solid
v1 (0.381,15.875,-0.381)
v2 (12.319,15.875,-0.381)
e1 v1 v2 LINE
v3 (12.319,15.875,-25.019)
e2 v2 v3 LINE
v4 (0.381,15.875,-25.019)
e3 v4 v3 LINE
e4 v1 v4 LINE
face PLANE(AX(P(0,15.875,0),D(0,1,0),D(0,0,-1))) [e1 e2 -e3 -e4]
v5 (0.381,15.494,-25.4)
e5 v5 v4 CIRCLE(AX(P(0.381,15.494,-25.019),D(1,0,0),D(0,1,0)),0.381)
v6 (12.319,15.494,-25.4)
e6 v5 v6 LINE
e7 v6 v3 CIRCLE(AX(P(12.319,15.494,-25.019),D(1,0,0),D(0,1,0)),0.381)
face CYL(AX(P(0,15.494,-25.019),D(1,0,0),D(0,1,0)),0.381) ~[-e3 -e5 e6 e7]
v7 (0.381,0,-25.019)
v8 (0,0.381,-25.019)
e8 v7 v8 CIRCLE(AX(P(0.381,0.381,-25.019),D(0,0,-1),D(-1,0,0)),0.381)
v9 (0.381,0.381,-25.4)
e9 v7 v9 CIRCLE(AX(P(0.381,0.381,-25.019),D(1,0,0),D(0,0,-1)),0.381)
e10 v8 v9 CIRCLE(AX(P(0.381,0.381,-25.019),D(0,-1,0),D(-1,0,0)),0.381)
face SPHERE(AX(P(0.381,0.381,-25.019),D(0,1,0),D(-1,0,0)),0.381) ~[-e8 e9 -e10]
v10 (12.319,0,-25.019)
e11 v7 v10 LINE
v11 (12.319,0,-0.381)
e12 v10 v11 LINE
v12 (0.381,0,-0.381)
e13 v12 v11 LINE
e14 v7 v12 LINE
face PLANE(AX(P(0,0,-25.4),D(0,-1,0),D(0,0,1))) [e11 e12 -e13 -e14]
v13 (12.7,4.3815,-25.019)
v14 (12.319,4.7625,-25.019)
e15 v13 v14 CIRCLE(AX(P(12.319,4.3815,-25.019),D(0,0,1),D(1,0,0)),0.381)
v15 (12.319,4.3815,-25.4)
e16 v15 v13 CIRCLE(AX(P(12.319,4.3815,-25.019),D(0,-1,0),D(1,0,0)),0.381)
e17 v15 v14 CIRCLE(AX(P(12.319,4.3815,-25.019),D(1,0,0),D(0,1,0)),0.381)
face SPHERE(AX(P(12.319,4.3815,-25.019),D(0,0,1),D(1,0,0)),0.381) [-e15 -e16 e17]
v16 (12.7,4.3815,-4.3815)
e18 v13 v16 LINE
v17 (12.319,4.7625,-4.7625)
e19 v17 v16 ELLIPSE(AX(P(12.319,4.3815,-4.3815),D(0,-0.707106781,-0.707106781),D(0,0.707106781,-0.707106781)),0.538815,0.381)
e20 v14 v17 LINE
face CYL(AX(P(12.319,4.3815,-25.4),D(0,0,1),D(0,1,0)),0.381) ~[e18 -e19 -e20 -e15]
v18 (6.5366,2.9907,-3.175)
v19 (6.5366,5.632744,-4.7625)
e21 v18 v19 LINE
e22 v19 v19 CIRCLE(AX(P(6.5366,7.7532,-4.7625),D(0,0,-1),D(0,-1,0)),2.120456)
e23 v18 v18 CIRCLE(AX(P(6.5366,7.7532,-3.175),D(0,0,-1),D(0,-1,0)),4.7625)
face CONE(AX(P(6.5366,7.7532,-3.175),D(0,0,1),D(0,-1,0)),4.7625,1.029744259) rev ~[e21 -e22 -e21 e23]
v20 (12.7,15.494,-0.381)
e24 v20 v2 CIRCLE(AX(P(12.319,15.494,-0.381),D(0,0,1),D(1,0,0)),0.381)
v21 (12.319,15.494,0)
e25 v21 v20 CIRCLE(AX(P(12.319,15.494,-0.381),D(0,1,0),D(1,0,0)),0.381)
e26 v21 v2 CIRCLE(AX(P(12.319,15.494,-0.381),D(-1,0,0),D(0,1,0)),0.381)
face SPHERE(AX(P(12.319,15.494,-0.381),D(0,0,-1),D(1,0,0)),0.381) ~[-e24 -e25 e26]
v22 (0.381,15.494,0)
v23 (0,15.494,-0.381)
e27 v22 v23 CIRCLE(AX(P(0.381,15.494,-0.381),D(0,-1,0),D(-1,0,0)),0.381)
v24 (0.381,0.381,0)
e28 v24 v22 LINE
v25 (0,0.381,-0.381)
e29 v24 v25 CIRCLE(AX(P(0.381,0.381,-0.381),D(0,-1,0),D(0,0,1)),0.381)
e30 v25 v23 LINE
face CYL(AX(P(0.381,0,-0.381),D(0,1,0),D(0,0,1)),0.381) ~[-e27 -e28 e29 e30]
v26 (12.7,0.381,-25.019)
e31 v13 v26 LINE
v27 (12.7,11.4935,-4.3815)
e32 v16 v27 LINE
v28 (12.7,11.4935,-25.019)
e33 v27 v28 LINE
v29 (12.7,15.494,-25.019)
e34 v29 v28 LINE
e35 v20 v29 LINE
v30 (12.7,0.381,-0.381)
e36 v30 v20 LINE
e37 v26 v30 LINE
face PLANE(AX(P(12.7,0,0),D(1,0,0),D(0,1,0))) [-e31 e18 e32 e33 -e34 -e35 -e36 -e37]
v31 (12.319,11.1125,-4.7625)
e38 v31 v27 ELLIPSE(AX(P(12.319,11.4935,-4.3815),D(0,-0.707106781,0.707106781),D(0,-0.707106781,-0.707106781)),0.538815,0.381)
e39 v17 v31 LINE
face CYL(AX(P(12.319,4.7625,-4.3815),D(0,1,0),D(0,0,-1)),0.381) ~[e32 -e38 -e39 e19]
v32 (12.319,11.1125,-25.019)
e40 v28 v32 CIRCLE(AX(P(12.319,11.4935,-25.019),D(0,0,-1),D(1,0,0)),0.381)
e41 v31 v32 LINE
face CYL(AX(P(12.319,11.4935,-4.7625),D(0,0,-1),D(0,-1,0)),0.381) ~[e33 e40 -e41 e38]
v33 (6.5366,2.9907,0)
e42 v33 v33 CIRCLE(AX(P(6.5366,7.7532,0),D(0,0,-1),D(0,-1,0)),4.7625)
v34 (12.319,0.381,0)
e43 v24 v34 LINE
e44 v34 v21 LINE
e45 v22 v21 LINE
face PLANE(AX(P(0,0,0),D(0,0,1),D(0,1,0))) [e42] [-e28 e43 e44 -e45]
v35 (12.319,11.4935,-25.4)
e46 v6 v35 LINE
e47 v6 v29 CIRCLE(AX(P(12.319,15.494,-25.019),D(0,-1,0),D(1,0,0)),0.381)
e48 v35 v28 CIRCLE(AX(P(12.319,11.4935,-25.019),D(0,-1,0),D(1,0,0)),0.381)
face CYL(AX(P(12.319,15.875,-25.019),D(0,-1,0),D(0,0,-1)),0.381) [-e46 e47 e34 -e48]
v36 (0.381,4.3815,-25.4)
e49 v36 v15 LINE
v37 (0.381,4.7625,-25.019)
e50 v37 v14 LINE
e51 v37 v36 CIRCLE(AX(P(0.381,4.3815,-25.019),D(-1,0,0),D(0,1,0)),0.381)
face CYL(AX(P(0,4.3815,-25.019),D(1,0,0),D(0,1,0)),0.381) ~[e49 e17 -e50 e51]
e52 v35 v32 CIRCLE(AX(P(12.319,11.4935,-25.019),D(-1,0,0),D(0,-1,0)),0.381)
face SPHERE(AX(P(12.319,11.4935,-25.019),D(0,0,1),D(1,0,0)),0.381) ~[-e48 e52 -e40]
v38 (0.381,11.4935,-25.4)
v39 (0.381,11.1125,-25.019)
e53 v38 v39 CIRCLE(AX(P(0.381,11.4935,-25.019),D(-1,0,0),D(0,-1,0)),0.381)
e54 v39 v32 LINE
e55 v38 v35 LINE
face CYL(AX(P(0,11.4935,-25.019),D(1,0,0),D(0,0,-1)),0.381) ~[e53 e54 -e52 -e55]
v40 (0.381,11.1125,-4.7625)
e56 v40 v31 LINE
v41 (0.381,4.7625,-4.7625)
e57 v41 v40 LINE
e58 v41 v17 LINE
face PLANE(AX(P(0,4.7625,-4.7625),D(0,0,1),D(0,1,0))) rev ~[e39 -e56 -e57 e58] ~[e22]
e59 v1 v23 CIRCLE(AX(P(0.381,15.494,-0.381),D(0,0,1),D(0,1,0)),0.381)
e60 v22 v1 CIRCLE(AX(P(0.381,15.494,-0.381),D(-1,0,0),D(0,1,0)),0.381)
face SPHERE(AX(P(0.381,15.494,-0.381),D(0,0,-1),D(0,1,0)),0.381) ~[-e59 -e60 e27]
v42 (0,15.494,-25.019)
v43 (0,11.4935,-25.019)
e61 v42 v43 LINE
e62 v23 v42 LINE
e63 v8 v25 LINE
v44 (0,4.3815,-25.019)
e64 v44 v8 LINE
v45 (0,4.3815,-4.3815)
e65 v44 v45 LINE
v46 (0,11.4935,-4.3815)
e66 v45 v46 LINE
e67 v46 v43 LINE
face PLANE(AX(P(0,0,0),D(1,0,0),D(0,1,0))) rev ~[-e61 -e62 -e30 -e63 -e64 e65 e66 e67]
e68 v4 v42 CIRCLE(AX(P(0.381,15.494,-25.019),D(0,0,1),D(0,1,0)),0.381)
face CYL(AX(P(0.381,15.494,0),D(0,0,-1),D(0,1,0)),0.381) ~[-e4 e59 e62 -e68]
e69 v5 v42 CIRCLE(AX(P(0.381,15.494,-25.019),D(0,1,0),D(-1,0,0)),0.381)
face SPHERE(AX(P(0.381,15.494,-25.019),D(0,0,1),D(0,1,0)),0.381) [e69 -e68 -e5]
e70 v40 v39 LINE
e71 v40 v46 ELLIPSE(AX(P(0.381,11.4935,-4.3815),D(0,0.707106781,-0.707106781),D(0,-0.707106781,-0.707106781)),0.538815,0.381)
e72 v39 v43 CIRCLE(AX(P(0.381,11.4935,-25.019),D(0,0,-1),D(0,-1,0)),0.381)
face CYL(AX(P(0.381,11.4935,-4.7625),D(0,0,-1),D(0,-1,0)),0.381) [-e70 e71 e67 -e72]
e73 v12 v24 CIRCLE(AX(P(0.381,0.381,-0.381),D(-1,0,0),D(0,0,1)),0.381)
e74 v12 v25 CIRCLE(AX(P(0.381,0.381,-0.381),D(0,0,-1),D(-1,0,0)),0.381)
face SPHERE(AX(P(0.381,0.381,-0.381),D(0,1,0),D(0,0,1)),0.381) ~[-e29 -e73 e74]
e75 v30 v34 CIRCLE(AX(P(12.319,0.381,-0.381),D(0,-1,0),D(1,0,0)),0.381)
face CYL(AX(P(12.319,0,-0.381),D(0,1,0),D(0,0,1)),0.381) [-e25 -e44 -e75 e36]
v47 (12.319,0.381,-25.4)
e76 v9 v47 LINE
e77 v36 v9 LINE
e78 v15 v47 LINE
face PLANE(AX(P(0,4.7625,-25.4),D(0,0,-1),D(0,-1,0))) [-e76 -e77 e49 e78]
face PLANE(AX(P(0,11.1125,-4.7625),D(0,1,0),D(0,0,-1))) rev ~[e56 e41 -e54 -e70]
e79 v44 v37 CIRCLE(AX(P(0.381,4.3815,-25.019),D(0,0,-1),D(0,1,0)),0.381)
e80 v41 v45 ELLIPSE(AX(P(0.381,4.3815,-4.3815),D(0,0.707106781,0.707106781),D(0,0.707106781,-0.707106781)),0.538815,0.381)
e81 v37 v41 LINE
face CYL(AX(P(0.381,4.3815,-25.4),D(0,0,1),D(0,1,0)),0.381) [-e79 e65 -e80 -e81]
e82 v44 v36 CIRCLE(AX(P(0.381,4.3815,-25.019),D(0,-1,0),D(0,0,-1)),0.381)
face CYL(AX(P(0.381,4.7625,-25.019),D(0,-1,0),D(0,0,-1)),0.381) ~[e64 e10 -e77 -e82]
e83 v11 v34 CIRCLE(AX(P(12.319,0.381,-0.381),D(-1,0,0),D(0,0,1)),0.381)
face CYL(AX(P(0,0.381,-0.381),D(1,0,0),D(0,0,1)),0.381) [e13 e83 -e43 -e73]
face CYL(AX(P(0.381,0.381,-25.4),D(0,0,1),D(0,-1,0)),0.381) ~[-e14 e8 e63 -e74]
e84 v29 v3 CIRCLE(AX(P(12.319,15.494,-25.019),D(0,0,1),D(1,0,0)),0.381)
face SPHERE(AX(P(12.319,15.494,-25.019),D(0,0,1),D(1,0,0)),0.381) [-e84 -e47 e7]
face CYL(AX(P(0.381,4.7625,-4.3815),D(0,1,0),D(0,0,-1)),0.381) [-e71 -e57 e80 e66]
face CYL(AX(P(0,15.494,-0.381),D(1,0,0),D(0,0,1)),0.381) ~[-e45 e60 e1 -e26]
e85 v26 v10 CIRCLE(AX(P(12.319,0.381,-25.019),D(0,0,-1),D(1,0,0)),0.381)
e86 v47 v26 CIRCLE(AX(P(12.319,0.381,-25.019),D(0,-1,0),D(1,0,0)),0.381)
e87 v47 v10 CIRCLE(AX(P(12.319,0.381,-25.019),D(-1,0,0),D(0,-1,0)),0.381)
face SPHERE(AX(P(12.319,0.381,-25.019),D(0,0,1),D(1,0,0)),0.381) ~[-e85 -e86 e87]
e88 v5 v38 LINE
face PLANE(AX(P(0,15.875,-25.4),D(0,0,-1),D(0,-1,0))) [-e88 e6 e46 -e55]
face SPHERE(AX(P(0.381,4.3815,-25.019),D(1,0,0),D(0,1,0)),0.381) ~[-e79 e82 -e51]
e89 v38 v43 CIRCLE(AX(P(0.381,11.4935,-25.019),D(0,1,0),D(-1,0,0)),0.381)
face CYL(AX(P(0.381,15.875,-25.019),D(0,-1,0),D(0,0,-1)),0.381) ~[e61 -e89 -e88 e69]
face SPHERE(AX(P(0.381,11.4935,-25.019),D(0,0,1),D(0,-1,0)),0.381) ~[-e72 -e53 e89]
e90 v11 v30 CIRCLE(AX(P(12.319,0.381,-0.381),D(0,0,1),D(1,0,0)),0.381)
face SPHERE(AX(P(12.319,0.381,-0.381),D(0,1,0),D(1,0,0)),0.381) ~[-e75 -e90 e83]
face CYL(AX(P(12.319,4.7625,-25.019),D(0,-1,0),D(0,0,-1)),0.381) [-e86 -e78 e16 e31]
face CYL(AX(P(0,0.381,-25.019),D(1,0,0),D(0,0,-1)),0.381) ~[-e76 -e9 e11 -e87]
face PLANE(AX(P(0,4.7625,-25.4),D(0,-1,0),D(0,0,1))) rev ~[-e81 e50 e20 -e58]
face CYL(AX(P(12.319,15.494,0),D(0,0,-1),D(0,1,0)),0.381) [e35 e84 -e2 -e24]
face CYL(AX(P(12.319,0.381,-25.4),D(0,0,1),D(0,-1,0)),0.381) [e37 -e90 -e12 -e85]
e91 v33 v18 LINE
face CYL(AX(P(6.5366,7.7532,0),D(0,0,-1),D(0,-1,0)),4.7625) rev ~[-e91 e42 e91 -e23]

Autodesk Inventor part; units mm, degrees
ref_plane "YZ Plane" through (0, 0, 0) normal (1, 0, 0) x (0, 1, 0)
ref_plane "XZ Plane" through (0, 0, 0) normal (0, 1, 0) x (-1, 0, 0)
ref_plane "XY Plane" through (0, 0, 0) normal (0, 0, 1) x (1, 0, 0)
sketch "Sketch1" plane through (0, 0, 0) normal (1, 0, 0) x (0, 1, 0)
  line L0 (0, 0) -> (15.875, 0)
  line L1 (15.875, 0) -> (15.875, -25.4)
  line L2 (0, -25.4) -> (0, 0)
  line L3 (4.7625, -25.4) -> (5.9323, -25.4)
  line L4 (4.7625, -25.4) -> (4.7625, -4.7625)
  line L5 (4.7625, -4.7625) -> (11.1125, -4.7625)
  line L6 (11.1125, -4.7625) -> (11.1125, -25.4)
  line L7 (15.875, -25.4) -> (11.1125, -25.4)
  line L8 (4.7625, -25.4) -> (0, -25.4)
  dimension "d1" = 25.4
  dimension "d4" = 6.35
  dimension "d6" = 4.7625
  dimension "d15" = 25.4
  dimension "d22" = 4.7625
  dimension "d24" = 4.7625
extrude "Extrusion1" add sketch "Sketch1" along normal blind 12.7
fillet "Fillet2" radius 0.381 22 edges at (12.7, 15.875, -12.7) (12.7, 11.1125, -15.0813) (0, 15.875, -12.7) (12.7, 7.9375, 0) (12.7, 7.9375, -4.7625) (12.7, 4.7625, -15.0812) (12.7, 0, -12.7) (12.7, 13.4938, -25.4) (12.7, 2.3813, -25.4) (6.35, 15.875, 0) (0, 7.9375, 0) (6.35, 0, 0) (6.35, 15.875, -25.4) (6.35, 4.7625, -25.4) (0, 11.1125, -15.0813) (0, 7.9375, -4.7625) (0, 4.7625, -15.0812) (6.35, 11.1125, -25.4) (0, 13.4938, -25.4) (0, 2.3813, -25.4) (0, 0, -12.7) (6.35, 0, -25.4)
sketch "Sketch6" plane through (0.381, 0.381, 0) normal (0, 0, 1) x (1, 0, 0)
  line L0 (0, 0) -> (0, 15.113) projected
  line L1 (11.938, 0) -> (0, 0) projected
  line L2 (11.938, 15.113) -> (11.938, 0) projected
  line L3 (0, 15.113) -> (11.938, 15.113) projected
  point P0 (-0.381, -0.381)
  point P1 (6.1556, 7.3722)
hole "Hole1" at (6.5366, 7.7532, 0) direction (0, 0, -1) diameter 3.81 end through all
sketch "Sketch7" plane through (0.381, 0.381, 0) normal (0, 0, 1) x (1, 0, 0)
  circle A0 centre (6.1556, 7.3722) radius 1.905 projected
  line L0 (0, 0) -> (0, 15.113) projected
  line L1 (11.938, 0) -> (0, 0) projected
  line L2 (11.938, 15.113) -> (11.938, 0) projected
  line L3 (0, 15.113) -> (11.938, 15.113) projected
  point P0 (-0.381, -0.381)
hole "Hole2" at (6.5366, 7.7532, 0) direction (0, 0, -1) diameter 9.525 depth 3.175 tip angle 118
equation "\"d15\" = d1"
properties part number "TensionerAxleHolder"
